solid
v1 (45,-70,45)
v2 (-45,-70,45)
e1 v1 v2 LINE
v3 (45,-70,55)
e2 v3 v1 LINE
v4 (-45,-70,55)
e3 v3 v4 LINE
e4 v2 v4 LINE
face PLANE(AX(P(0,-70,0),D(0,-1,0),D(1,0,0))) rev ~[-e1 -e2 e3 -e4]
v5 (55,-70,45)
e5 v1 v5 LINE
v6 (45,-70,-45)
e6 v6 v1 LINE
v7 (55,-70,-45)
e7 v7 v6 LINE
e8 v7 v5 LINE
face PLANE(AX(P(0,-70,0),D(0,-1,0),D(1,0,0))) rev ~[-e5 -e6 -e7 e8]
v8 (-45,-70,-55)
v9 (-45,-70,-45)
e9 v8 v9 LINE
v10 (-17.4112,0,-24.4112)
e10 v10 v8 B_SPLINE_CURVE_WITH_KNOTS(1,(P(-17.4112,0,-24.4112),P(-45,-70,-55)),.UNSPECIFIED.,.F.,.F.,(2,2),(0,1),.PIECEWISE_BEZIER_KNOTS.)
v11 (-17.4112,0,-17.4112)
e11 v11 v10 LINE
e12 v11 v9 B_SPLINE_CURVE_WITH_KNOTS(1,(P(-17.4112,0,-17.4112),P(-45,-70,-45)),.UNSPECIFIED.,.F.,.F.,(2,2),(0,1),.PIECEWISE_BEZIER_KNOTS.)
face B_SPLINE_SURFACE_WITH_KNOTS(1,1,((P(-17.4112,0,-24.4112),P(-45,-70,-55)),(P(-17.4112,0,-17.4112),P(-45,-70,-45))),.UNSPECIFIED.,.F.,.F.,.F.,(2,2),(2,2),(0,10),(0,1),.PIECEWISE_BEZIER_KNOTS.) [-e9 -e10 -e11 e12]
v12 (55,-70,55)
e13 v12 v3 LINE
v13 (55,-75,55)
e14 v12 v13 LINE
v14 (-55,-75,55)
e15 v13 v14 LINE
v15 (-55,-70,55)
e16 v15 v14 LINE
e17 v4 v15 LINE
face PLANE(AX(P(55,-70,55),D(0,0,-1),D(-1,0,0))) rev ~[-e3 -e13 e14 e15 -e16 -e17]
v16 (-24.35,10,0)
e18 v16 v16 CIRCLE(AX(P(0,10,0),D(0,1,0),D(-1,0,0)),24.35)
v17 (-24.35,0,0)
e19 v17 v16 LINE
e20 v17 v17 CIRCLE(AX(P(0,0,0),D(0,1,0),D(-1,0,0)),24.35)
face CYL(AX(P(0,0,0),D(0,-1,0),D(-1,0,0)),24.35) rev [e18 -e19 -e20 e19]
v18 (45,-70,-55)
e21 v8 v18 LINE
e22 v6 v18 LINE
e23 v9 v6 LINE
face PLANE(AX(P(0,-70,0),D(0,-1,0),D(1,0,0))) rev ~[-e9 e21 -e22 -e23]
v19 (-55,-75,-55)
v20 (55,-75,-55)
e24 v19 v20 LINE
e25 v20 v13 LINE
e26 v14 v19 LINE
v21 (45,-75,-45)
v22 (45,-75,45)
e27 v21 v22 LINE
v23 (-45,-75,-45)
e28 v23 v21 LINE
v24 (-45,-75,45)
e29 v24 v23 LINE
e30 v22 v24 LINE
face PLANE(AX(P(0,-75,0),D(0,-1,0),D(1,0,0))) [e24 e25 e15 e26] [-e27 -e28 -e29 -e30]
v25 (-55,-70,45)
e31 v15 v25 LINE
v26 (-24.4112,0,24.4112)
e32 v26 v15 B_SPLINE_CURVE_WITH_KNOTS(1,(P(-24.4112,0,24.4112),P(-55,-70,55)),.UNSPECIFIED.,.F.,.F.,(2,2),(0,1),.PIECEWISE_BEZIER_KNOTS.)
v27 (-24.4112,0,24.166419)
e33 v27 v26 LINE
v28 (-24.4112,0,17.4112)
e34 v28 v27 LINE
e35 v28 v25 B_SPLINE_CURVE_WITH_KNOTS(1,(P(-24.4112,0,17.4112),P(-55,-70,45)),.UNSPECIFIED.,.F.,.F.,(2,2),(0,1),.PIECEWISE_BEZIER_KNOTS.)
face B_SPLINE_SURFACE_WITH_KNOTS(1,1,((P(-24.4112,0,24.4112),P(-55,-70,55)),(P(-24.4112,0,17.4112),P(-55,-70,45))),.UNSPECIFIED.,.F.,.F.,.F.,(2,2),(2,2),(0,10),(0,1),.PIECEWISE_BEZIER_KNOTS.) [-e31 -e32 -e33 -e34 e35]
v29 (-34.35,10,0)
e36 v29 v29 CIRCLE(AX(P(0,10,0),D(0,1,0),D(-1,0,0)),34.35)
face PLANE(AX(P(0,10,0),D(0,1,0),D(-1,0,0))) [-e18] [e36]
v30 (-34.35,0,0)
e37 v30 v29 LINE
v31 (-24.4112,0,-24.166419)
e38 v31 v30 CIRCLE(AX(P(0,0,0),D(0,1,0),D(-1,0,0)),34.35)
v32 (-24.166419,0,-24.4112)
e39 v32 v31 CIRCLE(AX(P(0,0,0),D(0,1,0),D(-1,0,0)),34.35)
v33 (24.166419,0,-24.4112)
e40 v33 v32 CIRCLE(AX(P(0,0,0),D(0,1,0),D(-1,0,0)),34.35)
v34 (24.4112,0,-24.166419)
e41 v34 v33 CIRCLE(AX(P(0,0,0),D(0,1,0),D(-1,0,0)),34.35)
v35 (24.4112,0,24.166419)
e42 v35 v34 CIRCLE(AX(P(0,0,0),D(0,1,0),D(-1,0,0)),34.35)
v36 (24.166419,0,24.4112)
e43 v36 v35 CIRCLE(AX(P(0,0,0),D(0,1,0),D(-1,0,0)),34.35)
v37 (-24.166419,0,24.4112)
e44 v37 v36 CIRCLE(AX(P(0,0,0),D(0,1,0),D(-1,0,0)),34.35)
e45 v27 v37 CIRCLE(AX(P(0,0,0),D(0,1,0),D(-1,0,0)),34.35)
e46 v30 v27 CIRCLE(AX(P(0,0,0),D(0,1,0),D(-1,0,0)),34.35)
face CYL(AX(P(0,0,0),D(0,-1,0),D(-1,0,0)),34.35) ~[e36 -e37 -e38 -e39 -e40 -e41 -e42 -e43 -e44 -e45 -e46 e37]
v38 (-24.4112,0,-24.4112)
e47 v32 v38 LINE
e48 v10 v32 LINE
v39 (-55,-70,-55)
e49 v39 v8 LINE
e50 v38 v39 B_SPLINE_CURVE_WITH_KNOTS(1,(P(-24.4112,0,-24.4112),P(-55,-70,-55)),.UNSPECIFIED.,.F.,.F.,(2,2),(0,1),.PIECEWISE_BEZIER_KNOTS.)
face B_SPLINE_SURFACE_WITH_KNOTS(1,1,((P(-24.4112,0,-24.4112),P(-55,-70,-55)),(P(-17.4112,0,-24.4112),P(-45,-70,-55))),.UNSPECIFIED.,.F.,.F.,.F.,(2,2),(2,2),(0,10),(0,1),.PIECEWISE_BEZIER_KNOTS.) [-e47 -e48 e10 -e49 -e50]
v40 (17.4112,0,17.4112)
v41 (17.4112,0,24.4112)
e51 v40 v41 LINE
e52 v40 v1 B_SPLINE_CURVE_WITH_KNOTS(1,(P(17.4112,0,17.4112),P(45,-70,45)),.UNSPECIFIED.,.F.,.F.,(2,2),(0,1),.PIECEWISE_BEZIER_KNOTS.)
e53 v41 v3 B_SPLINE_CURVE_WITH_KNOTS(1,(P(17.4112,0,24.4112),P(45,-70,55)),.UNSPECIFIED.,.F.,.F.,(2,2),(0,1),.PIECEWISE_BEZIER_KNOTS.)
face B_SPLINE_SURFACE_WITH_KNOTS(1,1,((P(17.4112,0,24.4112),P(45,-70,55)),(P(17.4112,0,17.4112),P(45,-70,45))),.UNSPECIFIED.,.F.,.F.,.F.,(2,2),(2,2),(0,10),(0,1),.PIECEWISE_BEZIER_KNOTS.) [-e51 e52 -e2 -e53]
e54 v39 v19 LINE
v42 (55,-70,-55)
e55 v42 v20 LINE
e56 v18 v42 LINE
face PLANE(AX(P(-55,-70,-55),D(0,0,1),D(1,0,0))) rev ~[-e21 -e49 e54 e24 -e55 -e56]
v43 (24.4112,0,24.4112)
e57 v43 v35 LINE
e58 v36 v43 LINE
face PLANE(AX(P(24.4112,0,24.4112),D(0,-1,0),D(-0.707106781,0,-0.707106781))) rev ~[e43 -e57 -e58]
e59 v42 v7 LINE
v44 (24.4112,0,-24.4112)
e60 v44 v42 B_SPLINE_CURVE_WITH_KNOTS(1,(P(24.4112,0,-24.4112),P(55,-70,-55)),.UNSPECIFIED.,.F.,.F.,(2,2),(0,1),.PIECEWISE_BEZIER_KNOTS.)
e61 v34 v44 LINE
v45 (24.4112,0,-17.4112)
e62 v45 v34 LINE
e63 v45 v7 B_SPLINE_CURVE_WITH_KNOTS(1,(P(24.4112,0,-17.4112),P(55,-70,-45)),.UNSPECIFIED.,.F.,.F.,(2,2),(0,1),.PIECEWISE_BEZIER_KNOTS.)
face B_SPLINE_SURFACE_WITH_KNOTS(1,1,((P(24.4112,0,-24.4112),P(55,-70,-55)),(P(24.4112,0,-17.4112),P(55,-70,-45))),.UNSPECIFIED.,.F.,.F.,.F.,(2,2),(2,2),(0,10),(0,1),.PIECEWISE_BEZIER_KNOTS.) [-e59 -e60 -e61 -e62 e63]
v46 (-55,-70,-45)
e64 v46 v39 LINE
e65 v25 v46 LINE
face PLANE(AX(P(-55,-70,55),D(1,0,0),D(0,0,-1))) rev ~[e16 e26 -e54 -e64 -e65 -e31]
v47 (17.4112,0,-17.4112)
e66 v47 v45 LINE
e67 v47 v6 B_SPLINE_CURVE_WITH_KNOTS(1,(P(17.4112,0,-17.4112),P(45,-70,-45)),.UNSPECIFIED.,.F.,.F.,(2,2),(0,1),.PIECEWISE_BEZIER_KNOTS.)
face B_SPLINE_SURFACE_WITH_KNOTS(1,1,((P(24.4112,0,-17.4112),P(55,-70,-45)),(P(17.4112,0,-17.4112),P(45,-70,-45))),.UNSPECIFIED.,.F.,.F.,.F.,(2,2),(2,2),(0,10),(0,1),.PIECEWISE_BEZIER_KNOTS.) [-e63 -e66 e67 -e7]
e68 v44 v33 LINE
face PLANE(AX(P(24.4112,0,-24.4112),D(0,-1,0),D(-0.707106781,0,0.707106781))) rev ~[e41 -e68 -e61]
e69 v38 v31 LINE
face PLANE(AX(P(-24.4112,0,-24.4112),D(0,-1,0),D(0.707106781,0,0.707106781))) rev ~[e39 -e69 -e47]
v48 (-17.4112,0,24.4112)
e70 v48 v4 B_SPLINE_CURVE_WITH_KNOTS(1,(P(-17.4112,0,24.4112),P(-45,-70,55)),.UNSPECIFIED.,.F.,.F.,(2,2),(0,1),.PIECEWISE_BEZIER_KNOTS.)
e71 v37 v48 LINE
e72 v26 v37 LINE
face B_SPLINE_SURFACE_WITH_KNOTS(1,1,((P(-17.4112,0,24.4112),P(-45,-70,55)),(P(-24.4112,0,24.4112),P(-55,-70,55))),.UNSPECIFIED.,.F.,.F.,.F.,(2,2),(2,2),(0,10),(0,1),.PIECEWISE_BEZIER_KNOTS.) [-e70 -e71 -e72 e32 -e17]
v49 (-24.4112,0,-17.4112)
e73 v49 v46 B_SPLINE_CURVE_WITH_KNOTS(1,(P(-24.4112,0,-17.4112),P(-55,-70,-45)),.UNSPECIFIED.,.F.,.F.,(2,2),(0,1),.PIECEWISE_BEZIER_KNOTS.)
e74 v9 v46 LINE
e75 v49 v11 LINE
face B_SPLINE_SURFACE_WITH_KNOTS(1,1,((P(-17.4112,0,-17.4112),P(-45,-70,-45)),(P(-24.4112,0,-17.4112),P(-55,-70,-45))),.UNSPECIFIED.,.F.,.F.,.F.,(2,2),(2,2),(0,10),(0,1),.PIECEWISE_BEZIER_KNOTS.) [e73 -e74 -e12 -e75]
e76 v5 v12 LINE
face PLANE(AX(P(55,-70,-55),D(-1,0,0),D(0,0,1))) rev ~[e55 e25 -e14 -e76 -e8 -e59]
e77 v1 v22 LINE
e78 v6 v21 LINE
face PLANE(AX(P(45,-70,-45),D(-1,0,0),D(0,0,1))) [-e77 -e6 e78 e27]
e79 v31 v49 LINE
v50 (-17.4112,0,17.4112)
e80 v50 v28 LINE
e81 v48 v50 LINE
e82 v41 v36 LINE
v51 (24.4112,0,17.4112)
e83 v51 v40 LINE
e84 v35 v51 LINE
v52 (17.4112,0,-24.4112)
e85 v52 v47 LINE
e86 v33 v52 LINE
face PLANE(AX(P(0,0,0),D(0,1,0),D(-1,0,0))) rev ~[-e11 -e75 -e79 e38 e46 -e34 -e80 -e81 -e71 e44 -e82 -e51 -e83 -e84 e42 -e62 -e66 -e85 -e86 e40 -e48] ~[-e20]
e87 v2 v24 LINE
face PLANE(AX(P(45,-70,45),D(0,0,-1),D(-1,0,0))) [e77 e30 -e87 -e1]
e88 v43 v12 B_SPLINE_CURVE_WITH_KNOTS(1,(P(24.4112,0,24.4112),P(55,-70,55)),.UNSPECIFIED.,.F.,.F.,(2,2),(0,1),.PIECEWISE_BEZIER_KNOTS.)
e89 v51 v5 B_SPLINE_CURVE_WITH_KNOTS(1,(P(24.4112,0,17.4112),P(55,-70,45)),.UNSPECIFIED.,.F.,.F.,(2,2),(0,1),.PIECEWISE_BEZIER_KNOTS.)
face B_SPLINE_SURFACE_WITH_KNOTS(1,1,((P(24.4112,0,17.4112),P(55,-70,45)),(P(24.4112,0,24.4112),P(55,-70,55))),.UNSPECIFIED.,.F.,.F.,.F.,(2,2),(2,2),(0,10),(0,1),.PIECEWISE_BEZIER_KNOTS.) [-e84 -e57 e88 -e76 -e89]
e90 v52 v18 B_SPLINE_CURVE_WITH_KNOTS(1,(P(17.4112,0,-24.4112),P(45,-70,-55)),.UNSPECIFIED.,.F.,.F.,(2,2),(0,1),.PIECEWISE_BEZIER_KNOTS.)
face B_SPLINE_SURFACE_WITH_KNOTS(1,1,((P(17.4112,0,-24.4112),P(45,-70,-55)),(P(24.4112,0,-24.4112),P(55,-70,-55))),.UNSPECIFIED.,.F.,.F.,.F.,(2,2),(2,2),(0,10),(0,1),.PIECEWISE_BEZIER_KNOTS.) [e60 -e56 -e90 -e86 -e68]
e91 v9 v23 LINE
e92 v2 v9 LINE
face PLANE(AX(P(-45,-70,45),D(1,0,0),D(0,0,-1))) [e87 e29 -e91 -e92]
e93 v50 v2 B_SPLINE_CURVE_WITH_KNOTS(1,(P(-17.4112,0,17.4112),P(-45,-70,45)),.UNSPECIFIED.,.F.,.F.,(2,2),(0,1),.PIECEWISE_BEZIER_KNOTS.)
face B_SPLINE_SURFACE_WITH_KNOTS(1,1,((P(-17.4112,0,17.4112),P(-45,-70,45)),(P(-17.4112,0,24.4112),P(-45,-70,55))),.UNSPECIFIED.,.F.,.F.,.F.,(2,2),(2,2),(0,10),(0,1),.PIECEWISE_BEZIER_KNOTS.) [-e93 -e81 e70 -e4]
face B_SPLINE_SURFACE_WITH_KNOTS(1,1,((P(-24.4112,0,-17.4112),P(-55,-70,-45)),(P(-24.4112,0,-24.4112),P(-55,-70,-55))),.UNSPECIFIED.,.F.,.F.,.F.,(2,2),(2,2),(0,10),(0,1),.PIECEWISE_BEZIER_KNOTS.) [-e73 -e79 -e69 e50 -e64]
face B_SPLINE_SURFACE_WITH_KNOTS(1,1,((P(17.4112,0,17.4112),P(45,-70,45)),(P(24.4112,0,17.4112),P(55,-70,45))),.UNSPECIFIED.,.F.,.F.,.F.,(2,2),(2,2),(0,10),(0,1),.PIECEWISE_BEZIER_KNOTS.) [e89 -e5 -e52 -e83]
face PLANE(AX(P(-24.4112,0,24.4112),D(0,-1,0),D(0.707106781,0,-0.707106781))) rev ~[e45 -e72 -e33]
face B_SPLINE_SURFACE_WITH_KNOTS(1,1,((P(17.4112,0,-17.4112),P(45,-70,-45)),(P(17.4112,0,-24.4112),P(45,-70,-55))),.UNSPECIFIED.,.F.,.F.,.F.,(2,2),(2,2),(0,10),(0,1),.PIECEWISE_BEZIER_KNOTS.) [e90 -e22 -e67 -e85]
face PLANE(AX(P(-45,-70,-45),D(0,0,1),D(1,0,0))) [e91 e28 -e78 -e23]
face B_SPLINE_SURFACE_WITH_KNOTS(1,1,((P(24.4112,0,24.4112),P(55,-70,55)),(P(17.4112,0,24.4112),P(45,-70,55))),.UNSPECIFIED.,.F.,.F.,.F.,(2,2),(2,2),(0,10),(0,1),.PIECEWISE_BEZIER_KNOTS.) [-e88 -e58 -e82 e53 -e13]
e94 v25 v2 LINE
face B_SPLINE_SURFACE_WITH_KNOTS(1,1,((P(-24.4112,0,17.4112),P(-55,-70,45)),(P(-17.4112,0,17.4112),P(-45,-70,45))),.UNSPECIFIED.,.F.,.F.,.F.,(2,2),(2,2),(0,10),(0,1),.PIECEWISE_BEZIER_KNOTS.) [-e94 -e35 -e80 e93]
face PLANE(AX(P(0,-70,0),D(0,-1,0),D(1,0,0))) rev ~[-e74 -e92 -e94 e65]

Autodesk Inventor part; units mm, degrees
ref_plane "YZ Plane" through (0, 0, 0) normal (1, 0, 0) x (0, 1, 0)
ref_plane "XZ Plane" through (0, 0, 0) normal (0, 1, 0) x (-1, 0, 0)
sketch "Sketch1" plane through (0, 0, 0) normal (0, 1, 0) x (-1, 0, 0)
  circle A0 centre (0, 0) radius 24.35
  circle A1 centre (0, 0) radius 34.35
  dimension "d0" = 48.7
  dimension "d1" = 10
extrude "Extrusion1" add sketch "Sketch1" along normal blind 10
ref_plane "Work Plane1" through (0, -70, 0) normal (0, -1, 0) x (1, 0, 0)
sketch "Sketch2" plane through (0, -70, 0) normal (0, -1, 0) x (1, 0, 0)
  circle A0 centre (0, 0) radius 34.35 projected
  circle A1 centre (0, 0) radius 24.35 projected
  line L0 (55, 55) -> (-55, 55)
  line L1 (-55, 55) -> (-55, -55)
  line L2 (-55, -55) -> (55, -55)
  line L3 (55, -55) -> (55, 55)
  line L4 (55, 55) -> (-55, -55) construction
  line L5 (-55, 55) -> (55, -55) construction
  line L6 (45, 45) -> (-45, 45)
  line L7 (-45, 45) -> (-45, -45)
  line L8 (-45, -45) -> (45, -45)
  line L9 (45, -45) -> (45, 45)
  line L10 (45, 45) -> (-45, -45) construction
  line L11 (-45, 45) -> (45, -45) construction
  dimension "d7" = 110
  dimension "d8" = 110
  dimension "d9" = 90
  dimension "d10" = 90
extrude "Extrusion2" add sketch "Sketch2" along normal blind 5 contours L3 L2 L1 L0
sketch "Sketch3" plane through (0, -70, 0) normal (0, 1, 0) x (1, 0, 0)
  line L0 (-55, 55) -> (55, 55) projected
  line L1 (45, -45) -> (45, 45) projected
  line L2 (55, 55) -> (45, 55)
  line L3 (45, 55) -> (45, 45)
  line L4 (45, 45) -> (55, 45)
  line L5 (55, 45) -> (55, 55)
  line L6 (-45, 45) -> (-45, -45) projected
  line L7 (-55, 55) -> (-45, 55)
  line L8 (-45, 55) -> (-45, 45)
  line L9 (-45, 45) -> (-55, 45)
  line L10 (-55, 45) -> (-55, 55)
  line L11 (55, -55) -> (-55, -55) projected
  line L12 (-55, -55) -> (-45, -55)
  line L13 (-45, -55) -> (-45, -45)
  line L14 (-45, -45) -> (-55, -45)
  line L15 (-55, -45) -> (-55, -55)
  line L16 (55, -55) -> (45, -55)
  line L17 (45, -55) -> (45, -45)
  line L18 (45, -45) -> (55, -45)
  line L19 (55, -45) -> (55, -55)
  point P0 (0, 0)
sketch "Sketch4" plane through (0, 0, 0) normal (0, -1, 0) x (1, 0, 0)
  line L0 (-55, 55) -> (-55, -55) projected
  line L1 (-55, -55) -> (55, -55) projected
  line L2 (55, -55) -> (55, 55) projected
  line L3 (55, 55) -> (-55, 55) projected
  line L4 (45, 45) -> (45, -45) projected
  line L5 (45, -45) -> (-45, -45) projected
  line L6 (-45, -45) -> (-45, 45) projected
  line L7 (-45, 45) -> (45, 45) projected
  line L8 (55, 55) -> (-55, -55)
  line L9 (-55, 55) -> (55, -55)
  line L10 (55, -55) -> (45, -55)
  line L11 (45, -55) -> (45, -45)
  line L12 (45, -45) -> (55, -45)
  line L13 (55, -45) -> (55, -55)
  line L14 (24.4112, -24.4112) -> (17.4112, -24.4112)
  line L15 (17.4112, -24.4112) -> (17.4112, -17.4112)
  line L16 (17.4112, -17.4112) -> (24.4112, -17.4112)
  line L17 (24.4112, -17.4112) -> (24.4112, -24.4112)
  line L18 (24.4112, 17.4112) -> (17.4112, 17.4112)
  line L19 (17.4112, 17.4112) -> (17.4112, 24.4112)
  line L20 (17.4112, 24.4112) -> (24.4112, 24.4112)
  line L21 (24.4112, 24.4112) -> (24.4112, 17.4112)
  line L22 (-17.2122, 17.4112) -> (-24.2122, 17.4112)
  line L23 (-24.2122, 17.4112) -> (-24.2122, 24.4112)
  line L24 (-24.2122, 24.4112) -> (-17.2122, 24.4112)
  line L25 (-17.2122, 24.4112) -> (-17.2122, 17.4112)
  line L26 (-17.4112, -24.4112) -> (-24.4112, -24.4112)
  line L27 (-24.4112, -24.4112) -> (-24.4112, -17.4112)
  line L28 (-24.4112, -17.4112) -> (-17.4112, -17.4112)
  line L29 (-17.4112, -17.4112) -> (-17.4112, -24.4112)
  point P0 (0, 0)
  dimension "d13" = 7
  dimension "d14" = 7
  dimension "d15" = 7
  dimension "d16" = 7
  dimension "d17" = 7
  dimension "d18" = 7
  dimension "d19" = 7
  dimension "d20" = 7
loft "Loft1" add profiles "Sketch4", "Sketch3" contours L27 L28 L8 | L8 L29 L26 / L0 L8 L9 L10
pattern_circular "Circular Pattern1" count 4 over 360 about axis through (0, 0, 0) along (0, 1, 0) of "Loft1"
equation "\"BendRadius\" = Thickness"
equation "\"BendReliefWidth\" = Thickness"
equation "\"BendReliefDepth\" = 0.5 * Thickness"
equation "\"CornerReliefSize\" = 4 * Thickness"
equation "\"MinimumRemnant\" = 2 * Thickness"
equation "\"TransitionRadius\" = BendRadius"
equation "\"JacobiRadiusSize\" = BendRadius"
equation "\"GapSize\" = Thickness"
equation "\"Thickness\" = 0.5"
properties part number "klec_1"
